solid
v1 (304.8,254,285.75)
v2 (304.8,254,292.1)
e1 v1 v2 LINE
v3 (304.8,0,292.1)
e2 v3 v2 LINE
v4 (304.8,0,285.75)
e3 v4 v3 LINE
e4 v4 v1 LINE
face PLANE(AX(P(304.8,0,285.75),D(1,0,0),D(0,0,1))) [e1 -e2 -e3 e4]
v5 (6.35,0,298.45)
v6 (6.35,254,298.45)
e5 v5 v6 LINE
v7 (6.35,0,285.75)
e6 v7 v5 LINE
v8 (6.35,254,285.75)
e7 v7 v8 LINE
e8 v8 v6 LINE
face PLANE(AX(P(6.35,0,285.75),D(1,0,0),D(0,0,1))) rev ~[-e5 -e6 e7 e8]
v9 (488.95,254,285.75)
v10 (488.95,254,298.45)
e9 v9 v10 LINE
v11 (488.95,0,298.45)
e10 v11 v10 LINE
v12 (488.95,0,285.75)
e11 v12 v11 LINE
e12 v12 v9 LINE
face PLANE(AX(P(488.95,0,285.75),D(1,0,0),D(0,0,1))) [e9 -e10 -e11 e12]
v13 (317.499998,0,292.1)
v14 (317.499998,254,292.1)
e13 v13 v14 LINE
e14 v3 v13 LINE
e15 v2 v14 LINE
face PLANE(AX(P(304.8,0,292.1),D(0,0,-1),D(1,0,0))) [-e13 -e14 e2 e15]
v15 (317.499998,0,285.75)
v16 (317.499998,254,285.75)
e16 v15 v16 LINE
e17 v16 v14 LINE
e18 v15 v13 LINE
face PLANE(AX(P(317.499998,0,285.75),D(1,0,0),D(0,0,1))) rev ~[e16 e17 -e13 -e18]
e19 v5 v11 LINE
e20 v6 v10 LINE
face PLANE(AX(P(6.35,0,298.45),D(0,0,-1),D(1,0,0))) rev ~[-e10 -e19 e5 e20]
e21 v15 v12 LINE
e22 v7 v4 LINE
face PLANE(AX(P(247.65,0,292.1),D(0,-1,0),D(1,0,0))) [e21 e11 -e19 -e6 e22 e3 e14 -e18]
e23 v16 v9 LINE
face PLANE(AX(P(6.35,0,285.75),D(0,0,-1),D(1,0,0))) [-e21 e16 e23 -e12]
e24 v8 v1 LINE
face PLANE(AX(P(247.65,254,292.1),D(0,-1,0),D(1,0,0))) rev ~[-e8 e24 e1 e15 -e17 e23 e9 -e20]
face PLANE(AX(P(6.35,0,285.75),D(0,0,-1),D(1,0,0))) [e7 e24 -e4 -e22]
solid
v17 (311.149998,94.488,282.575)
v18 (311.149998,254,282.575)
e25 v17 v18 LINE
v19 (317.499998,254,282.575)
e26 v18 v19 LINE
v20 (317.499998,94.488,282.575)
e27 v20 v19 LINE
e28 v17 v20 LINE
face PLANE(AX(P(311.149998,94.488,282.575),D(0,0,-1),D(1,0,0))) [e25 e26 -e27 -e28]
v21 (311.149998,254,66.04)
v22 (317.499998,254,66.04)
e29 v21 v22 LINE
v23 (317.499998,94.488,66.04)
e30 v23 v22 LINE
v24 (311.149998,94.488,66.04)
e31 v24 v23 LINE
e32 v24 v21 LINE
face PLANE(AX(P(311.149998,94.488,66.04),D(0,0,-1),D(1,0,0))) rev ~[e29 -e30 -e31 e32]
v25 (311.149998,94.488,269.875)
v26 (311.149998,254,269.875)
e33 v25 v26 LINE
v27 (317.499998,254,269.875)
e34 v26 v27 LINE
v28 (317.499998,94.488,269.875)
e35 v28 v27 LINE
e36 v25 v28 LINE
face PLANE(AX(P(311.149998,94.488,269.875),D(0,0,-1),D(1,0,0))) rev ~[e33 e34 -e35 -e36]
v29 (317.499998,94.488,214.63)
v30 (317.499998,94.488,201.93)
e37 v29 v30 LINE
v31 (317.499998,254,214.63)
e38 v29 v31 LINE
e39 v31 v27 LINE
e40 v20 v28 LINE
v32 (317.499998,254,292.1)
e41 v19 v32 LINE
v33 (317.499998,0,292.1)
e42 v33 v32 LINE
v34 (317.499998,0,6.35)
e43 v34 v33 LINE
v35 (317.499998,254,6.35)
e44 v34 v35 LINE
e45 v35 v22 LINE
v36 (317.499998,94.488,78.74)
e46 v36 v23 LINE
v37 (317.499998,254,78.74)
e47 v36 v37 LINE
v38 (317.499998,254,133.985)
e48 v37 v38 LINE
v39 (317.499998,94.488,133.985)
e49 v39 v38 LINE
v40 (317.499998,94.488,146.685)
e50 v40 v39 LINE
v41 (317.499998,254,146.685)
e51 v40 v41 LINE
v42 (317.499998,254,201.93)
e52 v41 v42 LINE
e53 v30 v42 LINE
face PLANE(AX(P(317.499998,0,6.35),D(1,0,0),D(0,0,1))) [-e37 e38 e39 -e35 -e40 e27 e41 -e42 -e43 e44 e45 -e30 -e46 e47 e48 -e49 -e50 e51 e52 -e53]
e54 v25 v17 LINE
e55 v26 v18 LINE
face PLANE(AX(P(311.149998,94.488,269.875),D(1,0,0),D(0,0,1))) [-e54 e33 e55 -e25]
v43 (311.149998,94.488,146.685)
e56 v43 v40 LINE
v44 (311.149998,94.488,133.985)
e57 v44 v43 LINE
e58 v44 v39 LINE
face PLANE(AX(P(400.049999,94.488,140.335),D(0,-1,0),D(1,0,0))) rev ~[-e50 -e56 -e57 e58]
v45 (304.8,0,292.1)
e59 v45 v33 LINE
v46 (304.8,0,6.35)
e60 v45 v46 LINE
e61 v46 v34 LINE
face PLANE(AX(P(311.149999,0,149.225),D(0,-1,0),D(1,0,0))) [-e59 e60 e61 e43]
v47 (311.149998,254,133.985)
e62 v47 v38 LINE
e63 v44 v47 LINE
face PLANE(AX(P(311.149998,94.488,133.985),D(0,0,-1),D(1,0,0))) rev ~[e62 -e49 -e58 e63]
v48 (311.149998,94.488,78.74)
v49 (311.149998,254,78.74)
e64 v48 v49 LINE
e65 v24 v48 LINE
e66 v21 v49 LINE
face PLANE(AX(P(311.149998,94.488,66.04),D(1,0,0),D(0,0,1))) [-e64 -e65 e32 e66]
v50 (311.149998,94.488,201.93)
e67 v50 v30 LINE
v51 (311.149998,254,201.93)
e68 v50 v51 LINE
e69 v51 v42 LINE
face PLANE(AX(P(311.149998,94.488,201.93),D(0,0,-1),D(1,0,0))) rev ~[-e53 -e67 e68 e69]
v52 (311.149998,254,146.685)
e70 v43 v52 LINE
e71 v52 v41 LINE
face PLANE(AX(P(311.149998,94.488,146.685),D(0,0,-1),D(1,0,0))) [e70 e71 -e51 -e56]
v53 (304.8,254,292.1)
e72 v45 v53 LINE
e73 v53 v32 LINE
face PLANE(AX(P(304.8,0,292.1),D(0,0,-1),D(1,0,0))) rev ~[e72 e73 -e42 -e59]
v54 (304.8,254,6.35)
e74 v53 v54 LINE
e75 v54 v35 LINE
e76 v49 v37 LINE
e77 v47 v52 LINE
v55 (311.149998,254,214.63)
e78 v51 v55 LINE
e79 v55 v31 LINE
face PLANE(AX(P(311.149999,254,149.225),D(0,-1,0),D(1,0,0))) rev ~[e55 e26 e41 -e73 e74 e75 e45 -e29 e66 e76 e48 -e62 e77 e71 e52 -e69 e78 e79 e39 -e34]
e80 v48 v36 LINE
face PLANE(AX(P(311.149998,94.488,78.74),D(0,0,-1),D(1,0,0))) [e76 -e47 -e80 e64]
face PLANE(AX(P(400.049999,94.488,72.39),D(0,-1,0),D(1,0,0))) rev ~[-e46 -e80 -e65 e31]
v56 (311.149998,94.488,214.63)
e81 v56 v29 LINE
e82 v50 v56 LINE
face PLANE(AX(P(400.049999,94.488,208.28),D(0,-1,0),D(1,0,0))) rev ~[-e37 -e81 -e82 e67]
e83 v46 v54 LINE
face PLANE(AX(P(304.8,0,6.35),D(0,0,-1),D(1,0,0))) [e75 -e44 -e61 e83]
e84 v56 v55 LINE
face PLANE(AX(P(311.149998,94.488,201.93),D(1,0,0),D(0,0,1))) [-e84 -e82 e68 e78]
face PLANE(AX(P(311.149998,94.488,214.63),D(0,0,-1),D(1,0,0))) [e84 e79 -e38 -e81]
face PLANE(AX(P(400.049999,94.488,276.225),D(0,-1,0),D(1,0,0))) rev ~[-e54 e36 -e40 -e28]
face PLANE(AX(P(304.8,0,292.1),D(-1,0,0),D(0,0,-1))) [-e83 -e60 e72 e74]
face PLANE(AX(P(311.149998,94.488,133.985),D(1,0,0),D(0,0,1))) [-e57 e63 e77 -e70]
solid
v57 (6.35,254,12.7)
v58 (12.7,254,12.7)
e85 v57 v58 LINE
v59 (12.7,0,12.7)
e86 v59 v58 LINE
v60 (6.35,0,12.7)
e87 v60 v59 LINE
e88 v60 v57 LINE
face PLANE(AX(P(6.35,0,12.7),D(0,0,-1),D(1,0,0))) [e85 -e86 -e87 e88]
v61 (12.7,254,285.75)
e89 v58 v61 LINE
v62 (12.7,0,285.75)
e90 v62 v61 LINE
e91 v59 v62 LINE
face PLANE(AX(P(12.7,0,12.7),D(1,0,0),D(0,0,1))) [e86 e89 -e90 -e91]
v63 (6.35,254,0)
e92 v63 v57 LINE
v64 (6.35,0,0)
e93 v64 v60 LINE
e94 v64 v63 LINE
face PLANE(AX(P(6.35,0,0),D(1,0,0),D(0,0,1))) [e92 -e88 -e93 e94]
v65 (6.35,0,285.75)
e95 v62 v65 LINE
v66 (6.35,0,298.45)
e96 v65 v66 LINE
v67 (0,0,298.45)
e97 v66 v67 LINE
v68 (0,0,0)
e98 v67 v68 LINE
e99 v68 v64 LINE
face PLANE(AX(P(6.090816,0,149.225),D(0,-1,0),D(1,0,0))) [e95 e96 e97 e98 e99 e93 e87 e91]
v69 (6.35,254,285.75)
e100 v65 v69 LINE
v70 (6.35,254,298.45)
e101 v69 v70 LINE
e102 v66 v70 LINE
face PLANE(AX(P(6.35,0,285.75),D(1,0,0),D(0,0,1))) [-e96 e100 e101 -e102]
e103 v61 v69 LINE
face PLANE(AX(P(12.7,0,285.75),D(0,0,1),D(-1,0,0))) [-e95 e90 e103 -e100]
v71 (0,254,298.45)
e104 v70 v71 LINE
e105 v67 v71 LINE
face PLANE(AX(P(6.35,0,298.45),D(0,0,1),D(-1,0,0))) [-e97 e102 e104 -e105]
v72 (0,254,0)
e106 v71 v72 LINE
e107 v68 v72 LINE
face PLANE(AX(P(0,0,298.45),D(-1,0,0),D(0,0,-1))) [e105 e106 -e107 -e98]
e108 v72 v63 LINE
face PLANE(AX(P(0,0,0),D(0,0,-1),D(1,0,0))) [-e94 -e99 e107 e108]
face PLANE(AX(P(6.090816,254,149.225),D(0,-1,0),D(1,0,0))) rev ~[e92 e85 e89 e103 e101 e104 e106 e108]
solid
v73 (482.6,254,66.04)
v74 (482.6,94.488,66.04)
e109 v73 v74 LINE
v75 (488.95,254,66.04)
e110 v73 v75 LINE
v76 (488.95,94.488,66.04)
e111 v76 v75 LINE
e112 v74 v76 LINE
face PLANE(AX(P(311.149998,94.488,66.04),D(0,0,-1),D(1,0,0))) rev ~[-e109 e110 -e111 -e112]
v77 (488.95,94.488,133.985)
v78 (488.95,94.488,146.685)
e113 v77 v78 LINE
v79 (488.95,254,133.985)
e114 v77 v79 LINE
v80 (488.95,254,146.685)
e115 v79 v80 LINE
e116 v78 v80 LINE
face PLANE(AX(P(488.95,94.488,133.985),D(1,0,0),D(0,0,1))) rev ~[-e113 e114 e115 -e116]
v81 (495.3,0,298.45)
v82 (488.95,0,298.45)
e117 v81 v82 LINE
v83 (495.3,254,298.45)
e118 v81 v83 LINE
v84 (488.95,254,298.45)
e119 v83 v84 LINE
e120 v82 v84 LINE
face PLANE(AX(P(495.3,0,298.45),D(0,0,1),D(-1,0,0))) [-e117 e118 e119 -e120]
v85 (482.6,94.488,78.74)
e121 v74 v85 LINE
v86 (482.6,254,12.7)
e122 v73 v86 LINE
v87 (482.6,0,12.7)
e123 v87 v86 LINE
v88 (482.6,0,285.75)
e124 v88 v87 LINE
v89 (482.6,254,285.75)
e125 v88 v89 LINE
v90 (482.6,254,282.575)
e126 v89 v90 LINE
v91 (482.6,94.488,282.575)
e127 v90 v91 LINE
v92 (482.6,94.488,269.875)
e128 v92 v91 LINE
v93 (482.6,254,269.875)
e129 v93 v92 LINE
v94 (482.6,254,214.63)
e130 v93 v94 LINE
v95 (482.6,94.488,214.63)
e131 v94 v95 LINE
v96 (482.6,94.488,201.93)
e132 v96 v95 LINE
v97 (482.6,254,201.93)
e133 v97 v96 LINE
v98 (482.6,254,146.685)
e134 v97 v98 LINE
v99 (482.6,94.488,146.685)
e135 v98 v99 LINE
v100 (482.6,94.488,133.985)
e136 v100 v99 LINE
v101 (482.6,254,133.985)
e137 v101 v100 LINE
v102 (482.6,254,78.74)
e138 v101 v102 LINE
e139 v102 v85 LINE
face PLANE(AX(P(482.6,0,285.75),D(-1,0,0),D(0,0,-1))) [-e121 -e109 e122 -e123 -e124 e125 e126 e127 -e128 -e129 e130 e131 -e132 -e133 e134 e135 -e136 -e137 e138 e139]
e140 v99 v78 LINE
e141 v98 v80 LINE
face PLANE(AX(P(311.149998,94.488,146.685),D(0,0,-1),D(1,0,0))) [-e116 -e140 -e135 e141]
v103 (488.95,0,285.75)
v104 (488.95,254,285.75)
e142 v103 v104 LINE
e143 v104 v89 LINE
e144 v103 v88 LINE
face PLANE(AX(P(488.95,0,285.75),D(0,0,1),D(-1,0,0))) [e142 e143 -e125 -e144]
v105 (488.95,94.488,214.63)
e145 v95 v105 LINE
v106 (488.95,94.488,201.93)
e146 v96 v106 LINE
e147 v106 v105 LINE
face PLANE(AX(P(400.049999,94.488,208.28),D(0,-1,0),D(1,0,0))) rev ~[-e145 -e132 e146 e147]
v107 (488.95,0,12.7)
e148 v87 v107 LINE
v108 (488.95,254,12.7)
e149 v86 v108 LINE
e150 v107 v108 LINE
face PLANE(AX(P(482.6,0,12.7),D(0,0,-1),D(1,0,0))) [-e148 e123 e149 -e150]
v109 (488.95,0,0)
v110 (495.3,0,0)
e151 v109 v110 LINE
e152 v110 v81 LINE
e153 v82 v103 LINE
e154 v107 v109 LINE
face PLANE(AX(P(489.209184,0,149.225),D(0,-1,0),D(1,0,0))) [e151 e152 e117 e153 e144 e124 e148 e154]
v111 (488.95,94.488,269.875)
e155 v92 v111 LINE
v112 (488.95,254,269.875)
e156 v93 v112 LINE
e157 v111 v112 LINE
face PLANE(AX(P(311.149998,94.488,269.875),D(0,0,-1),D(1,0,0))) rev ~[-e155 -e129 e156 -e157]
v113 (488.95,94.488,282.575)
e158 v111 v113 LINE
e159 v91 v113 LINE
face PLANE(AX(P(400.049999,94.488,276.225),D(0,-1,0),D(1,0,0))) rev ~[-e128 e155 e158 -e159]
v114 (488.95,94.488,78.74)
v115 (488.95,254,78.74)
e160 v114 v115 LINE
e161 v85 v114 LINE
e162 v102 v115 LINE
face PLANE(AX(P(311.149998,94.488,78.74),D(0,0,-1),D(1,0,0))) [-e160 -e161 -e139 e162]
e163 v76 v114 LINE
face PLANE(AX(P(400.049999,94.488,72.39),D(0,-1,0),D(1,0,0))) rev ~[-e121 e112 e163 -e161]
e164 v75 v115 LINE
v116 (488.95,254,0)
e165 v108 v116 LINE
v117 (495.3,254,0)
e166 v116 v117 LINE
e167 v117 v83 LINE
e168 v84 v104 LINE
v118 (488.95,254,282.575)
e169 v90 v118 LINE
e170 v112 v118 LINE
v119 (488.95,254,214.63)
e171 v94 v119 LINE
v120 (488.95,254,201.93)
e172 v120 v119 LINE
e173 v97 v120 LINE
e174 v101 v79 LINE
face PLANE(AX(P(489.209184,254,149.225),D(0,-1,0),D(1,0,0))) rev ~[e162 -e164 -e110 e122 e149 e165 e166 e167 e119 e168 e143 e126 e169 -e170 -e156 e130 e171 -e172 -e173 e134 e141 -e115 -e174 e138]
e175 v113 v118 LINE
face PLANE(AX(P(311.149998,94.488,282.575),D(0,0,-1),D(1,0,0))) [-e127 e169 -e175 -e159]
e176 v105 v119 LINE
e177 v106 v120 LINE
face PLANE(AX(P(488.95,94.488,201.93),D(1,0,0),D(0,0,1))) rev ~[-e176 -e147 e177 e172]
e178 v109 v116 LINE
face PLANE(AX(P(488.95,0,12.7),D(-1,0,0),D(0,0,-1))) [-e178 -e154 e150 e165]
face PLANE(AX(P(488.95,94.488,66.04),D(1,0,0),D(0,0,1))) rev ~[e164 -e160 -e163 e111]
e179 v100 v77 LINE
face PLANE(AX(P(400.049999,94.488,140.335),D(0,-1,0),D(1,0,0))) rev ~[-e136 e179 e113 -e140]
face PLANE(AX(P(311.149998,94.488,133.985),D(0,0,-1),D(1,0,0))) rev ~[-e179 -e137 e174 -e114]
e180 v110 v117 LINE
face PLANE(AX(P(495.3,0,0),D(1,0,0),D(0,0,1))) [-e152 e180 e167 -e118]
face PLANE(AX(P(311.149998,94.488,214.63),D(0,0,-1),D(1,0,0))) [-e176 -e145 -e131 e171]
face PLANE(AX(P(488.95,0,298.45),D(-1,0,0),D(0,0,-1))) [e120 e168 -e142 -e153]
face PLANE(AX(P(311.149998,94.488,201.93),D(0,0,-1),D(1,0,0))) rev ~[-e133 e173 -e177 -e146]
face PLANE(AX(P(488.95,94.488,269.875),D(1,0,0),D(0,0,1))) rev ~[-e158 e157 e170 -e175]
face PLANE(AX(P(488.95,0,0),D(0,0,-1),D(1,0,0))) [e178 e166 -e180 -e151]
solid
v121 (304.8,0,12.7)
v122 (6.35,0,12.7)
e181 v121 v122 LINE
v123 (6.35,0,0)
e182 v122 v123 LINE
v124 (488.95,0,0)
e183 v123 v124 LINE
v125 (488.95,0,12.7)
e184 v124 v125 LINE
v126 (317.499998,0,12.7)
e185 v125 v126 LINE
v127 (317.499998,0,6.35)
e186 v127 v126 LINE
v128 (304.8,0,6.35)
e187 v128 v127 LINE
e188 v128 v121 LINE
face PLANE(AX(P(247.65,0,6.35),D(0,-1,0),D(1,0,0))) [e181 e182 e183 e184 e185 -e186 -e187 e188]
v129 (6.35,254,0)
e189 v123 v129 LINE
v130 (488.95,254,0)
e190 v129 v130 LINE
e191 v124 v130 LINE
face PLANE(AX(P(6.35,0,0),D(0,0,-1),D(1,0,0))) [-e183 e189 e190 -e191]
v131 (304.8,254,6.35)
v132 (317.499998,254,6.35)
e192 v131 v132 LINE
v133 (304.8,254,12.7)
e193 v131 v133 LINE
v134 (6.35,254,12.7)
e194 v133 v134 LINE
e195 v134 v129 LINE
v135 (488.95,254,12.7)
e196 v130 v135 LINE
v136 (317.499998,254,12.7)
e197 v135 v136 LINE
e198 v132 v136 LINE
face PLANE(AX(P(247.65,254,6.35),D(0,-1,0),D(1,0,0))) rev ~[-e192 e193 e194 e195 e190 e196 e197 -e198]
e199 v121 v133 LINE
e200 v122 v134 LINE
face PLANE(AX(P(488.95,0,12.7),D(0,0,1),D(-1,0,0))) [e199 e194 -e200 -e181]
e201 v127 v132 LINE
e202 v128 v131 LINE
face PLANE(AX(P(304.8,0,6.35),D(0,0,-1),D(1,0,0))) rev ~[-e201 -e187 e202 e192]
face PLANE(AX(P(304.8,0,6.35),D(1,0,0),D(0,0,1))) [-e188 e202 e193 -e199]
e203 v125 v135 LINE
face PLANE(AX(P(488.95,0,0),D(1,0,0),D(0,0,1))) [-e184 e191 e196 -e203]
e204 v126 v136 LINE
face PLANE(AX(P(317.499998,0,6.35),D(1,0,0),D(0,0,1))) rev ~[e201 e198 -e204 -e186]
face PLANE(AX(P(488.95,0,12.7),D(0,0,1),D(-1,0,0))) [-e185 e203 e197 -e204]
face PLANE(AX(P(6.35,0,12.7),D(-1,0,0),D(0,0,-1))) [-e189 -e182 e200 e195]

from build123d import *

# Parameters (mm, degrees)
F2_DEPTH  = 254
F4_DEPTH  = 254
F6_DEPTH  = 254
F7_W      = 482.6
F7_H      = 12.7
F8_DEPTH  = 254
F0_W      = 12.6999982595
F0_H      = 6.35
F9_DEPTH  = 254.001
F0_H_2    = 273.05
F10_DEPTH = 254
F12_START = -94.488
F11_W     = 177.8000017405
F11_H     = 12.7
F12_DEPTH = 159.512


with BuildPart() as f2:
    # F1 (on Front) → F2 (new body)
    with BuildSketch(Plane.XZ):
        Polygon((6.35, 298.45), (0, 298.45), (0, 0), (6.35, 0), (6.35, 12.7), (12.7, 12.7), (12.7, 285.75), (6.35, 285.75), align=None)
    extrude(amount=-F2_DEPTH)


with BuildPart() as f4:
    # F3 (on Front) → F4 (new body, through all)
    with BuildSketch(Plane.XZ):
        Polygon((6.35, 12.7), (6.35, 0), (488.95, 0), (488.95, 12.7), (12.7, 12.7), align=None)
    extrude(amount=-F4_DEPTH)


with BuildPart() as f6:
    # F5 (on Front) → F6 (new body, through all)
    with BuildSketch(Plane.XZ):
        Polygon((495.3, 298.45), (488.95, 298.45), (488.95, 285.75), (482.6, 285.75), (482.6, 12.7), (488.95, 12.7), (488.95, 0), (495.3, 0), align=None)
    extrude(amount=-F6_DEPTH)


with BuildPart() as f8:
    # F7 (on Front) → F8 (new body, through all)
    with BuildSketch(Plane.XZ):
        with Locations((247.65, 292.1)):
            Rectangle(F7_W, F7_H)
    extrude(amount=-F8_DEPTH)


with BuildPart() as f9_tool:
    # F0 (on Front) → F9 (new body, through all)
    with BuildSketch(Plane.XZ):
        with Locations((311.1499991298, 288.925)):
            Rectangle(F0_W, F0_H)
        with Locations((311.1499991298, 9.525)):
            Rectangle(F0_W, F0_H)
    extrude(amount=-F9_DEPTH)


with BuildPart() as f4_1:
    add(f4.part)

    # F9: cut by f9_tool
    add(f9_tool.part, mode=Mode.SUBTRACT)


with BuildPart() as f8_1:
    add(f8.part)

    # F9: cut by f9_tool
    add(f9_tool.part, mode=Mode.SUBTRACT)


with BuildPart() as f10:
    # F0 (on Front) → F10 (new body, through all)
    with BuildSketch(Plane.XZ):
        with Locations((311.1499991298, 149.225)):
            Rectangle(F0_W, F0_H_2)
        with Locations((311.1499991298, 288.925)):
            Rectangle(F0_W, F0_H)
        with Locations((311.1499991298, 9.525)):
            Rectangle(F0_W, F0_H)
    extrude(amount=-F10_DEPTH)


with BuildPart() as f12_tool:
    # F11 (on face) → F12 (new body)
    with BuildSketch(Plane.XZ.offset(F12_START)):
        with Locations((400.0499991298, 72.39)):
            Rectangle(F11_W, F11_H)
        with Locations((400.0499991298, 140.335)):
            Rectangle(F11_W, F11_H)
        with Locations((400.0499991298, 208.28)):
            Rectangle(F11_W, F11_H)
        with Locations((400.0499991298, 276.225)):
            Rectangle(F11_W, F11_H)
    extrude(amount=-F12_DEPTH)


with BuildPart() as f6_1:
    add(f6.part)

    # F12: cut by f12_tool
    add(f12_tool.part, mode=Mode.SUBTRACT)


with BuildPart() as f10_1:
    add(f10.part)

    # F12: cut by f12_tool
    add(f12_tool.part, mode=Mode.SUBTRACT)


solid = Compound([f2.part, f4_1.part, f8_1.part, f6_1.part, f10_1.part])
